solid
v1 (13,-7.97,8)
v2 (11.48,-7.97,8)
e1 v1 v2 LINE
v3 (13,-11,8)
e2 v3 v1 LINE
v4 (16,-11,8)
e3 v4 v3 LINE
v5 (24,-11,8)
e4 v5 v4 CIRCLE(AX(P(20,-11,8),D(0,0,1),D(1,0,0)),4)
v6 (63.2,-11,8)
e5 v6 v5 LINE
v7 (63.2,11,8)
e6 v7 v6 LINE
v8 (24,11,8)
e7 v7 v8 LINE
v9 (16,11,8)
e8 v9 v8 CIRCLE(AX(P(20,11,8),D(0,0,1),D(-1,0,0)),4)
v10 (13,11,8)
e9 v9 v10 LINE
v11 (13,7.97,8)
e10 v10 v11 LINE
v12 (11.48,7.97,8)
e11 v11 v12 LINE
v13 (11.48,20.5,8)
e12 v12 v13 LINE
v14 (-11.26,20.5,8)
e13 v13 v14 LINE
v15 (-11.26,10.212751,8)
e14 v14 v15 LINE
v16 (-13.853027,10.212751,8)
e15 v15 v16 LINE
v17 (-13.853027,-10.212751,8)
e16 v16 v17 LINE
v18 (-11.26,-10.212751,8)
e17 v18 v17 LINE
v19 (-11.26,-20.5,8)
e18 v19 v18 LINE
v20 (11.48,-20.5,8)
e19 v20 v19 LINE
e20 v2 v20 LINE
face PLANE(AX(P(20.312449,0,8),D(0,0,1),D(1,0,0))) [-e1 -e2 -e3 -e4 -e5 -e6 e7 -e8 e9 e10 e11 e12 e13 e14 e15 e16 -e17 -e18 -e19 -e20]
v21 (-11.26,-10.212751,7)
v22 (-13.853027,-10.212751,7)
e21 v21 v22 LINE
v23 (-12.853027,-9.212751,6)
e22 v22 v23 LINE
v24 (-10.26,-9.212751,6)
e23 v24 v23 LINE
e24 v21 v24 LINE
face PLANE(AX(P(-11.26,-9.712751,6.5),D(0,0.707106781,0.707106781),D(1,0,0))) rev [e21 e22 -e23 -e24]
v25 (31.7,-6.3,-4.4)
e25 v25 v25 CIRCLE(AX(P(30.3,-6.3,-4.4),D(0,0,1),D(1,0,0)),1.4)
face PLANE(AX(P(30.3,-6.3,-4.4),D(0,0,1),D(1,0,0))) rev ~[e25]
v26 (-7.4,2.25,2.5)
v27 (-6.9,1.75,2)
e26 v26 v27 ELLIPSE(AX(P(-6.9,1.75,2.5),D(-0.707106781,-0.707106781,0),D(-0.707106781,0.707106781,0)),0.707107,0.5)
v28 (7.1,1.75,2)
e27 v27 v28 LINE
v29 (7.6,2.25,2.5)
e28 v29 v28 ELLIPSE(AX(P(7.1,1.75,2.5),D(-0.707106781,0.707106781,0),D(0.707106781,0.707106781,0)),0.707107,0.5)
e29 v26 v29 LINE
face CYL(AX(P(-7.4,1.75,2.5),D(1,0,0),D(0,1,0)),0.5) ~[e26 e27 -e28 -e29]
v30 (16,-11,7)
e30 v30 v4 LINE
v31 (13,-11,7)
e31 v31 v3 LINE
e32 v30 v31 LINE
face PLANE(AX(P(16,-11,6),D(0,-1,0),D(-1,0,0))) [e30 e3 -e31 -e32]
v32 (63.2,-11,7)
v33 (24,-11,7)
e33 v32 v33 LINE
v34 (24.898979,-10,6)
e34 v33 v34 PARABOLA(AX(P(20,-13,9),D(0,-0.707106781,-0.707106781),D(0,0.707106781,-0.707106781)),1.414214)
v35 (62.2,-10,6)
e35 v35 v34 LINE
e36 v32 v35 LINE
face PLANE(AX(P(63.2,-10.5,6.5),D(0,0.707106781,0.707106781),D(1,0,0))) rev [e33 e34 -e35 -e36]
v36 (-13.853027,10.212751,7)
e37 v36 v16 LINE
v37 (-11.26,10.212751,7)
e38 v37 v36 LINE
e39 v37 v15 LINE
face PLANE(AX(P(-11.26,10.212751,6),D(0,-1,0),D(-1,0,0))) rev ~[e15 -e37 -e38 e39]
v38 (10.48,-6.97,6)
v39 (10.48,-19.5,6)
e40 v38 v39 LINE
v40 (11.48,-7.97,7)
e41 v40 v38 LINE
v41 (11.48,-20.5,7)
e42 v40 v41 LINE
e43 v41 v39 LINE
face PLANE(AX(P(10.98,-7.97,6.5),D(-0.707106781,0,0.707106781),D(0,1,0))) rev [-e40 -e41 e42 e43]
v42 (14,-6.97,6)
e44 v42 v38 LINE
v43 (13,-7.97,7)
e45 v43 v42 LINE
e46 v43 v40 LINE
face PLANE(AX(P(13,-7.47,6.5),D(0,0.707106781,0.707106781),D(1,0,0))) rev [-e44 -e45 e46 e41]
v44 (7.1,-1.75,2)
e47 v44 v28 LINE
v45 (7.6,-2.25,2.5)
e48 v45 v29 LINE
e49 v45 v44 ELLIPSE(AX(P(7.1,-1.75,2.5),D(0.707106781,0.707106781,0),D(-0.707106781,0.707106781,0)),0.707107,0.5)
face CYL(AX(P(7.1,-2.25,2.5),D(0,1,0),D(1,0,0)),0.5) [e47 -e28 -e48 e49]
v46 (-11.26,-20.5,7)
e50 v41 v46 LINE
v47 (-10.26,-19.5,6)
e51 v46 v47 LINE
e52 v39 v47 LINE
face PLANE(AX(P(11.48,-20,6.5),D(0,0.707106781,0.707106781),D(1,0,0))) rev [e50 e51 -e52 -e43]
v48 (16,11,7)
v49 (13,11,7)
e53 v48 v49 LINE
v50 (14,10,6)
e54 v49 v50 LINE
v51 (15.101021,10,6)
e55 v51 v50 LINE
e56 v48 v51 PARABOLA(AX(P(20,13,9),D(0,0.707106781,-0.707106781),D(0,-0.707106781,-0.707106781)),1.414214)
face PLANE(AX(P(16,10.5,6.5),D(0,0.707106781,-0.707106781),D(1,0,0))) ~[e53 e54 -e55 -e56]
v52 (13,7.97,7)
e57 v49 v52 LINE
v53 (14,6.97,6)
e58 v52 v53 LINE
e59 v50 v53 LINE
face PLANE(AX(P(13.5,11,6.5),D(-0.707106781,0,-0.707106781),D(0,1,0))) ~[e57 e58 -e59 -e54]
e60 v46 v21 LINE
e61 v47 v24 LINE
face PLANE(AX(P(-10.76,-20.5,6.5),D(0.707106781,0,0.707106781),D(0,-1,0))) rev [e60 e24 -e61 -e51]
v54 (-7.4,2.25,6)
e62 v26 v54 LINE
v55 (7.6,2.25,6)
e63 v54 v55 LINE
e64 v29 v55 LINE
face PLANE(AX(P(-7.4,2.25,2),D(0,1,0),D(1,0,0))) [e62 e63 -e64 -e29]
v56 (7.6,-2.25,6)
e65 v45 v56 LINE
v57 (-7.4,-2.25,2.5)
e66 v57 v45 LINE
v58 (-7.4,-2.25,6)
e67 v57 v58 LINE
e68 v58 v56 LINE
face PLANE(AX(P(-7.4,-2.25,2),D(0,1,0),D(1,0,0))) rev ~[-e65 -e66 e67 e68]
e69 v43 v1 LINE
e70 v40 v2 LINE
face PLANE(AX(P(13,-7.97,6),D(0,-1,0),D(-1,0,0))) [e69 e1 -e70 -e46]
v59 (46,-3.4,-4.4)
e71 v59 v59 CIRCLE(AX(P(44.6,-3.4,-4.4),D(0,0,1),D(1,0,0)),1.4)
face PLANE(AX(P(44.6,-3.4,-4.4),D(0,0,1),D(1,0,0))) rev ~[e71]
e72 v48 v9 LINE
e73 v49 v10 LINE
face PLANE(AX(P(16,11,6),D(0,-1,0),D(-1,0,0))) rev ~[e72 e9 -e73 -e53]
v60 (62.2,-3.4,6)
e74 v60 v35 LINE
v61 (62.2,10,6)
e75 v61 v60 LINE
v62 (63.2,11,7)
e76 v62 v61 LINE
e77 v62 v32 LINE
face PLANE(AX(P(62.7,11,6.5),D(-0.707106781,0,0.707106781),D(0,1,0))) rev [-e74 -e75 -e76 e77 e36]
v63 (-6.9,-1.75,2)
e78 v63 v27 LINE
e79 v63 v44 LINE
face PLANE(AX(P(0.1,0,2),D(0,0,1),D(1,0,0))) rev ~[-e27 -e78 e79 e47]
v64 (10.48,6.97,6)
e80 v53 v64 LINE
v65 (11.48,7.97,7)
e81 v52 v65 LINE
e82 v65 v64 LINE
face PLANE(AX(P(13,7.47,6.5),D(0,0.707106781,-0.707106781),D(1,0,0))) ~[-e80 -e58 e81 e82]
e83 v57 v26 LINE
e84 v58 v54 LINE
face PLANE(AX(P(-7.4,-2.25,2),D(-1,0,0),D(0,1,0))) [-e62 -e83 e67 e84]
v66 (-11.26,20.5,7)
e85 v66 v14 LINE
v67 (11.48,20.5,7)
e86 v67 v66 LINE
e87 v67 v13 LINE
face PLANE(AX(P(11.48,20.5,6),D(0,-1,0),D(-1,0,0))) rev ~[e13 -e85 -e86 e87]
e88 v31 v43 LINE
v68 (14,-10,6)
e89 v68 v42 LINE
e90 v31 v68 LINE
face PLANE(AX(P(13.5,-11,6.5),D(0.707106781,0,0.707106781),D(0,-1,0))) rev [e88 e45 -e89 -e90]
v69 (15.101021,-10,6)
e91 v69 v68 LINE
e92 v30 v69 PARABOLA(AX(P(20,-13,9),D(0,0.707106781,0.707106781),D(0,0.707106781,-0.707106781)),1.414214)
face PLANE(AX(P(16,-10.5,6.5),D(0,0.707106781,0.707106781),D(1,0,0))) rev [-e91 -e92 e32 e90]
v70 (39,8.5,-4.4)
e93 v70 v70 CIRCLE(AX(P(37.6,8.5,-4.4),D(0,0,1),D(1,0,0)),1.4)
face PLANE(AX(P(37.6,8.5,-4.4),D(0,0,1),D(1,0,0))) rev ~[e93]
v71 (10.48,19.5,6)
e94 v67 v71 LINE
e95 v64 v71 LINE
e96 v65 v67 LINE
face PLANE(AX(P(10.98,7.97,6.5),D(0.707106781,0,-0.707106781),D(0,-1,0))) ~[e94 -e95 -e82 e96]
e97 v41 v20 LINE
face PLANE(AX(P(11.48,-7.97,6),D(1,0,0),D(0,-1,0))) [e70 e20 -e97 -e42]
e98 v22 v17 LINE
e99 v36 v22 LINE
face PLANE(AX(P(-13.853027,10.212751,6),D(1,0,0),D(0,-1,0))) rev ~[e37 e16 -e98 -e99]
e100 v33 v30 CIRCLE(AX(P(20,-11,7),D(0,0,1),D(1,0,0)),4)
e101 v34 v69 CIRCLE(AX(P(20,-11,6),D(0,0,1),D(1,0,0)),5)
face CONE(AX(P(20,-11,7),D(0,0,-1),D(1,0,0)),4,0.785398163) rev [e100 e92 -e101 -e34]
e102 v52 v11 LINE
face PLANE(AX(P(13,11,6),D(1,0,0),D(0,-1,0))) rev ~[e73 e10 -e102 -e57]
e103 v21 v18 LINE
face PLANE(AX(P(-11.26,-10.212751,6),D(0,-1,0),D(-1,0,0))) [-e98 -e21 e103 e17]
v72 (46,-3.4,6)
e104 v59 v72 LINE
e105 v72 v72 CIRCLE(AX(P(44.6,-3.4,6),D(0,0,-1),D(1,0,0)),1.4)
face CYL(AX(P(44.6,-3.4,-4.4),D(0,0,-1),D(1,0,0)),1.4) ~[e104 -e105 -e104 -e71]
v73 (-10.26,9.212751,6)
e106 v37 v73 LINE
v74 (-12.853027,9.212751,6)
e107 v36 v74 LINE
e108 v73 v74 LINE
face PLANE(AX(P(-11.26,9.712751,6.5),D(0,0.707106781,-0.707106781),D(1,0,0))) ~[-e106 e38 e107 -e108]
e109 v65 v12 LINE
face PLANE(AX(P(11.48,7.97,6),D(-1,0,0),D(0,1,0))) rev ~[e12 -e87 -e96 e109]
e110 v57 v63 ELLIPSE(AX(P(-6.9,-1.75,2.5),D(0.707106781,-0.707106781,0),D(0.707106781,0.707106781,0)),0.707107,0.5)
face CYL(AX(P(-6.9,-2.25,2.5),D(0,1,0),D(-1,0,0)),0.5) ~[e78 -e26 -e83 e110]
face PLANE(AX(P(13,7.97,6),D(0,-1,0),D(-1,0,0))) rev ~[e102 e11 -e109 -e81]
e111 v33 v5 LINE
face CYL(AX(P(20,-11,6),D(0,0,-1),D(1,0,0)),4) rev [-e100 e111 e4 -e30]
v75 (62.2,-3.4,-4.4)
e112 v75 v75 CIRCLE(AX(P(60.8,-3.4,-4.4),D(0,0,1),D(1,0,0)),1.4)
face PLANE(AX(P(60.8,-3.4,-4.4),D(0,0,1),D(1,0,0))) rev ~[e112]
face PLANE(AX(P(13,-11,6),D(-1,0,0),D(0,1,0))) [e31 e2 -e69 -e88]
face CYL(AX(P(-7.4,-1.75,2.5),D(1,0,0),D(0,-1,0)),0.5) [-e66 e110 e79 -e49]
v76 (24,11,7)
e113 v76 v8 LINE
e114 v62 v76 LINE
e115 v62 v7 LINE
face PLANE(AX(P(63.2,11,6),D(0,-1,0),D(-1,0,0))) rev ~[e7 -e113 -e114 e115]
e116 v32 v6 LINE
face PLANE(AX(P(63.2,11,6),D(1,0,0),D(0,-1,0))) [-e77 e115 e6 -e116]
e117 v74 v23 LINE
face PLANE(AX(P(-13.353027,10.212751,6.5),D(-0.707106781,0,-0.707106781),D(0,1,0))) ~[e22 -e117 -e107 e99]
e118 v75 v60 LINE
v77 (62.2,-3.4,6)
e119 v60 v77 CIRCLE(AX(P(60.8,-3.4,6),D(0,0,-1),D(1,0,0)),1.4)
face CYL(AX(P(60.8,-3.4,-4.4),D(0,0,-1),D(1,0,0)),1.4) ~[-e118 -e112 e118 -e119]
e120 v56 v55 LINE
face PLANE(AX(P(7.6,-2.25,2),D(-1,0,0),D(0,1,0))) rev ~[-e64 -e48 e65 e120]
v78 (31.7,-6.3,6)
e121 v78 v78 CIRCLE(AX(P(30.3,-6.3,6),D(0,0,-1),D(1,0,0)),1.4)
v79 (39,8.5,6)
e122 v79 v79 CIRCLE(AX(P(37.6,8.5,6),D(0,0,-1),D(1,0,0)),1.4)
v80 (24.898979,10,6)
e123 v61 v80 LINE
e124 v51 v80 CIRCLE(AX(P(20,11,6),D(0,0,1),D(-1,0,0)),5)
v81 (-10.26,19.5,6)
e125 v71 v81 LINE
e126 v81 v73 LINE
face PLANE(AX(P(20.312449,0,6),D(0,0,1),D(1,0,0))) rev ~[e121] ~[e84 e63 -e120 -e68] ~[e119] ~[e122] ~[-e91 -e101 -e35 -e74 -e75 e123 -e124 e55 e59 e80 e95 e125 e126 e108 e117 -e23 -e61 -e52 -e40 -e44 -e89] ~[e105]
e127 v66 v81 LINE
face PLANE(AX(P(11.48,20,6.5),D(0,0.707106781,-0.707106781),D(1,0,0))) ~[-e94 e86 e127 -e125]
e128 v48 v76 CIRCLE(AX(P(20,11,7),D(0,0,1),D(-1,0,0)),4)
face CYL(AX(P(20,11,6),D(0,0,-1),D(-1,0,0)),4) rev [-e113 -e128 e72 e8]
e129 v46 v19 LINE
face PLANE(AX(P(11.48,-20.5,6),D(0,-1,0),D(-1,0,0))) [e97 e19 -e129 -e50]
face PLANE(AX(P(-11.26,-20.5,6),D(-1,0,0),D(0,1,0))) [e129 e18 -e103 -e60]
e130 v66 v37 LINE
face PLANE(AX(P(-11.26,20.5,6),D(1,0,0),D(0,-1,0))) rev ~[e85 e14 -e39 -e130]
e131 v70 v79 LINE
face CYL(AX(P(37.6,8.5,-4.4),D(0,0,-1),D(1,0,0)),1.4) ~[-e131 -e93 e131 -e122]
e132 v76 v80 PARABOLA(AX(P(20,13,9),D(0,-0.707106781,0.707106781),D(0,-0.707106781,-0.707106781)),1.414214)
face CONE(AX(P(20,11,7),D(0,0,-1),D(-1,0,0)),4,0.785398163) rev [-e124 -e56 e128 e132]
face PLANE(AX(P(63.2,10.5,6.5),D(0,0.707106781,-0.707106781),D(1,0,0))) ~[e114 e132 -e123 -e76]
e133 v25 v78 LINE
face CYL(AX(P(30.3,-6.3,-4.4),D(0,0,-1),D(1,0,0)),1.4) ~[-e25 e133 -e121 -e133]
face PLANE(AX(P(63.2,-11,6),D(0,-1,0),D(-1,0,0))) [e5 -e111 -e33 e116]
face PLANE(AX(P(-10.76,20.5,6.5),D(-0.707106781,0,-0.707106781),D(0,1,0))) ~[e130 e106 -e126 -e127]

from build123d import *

# Parameters (mm, degrees)
CYLINDER044_R     = 1.4
CYLINDER044_DEPTH = 11
CYLINDER046_R     = 1.4
CYLINDER046_DEPTH = 11
CYLINDER047_R     = 1.4
CYLINDER047_DEPTH = 11
BOX059_W          = 15
BOX059_H          = 4.5
BOX059_DEPTH      = 4
FILLET009_R       = 0.5
PAD025_DEPTH      = 2
CHAMFER007_SIZE   = 1
CYLINDER045_R     = 1.4
CYLINDER045_DEPTH = 11


with BuildPart() as cylinder044:
    # Cylinder044 → Cylinder044 (new body)
    with BuildSketch(Plane(origin=(44.6, -3.4, -4.4), x_dir=(1, 0, 0), z_dir=(0, 0, 1))):
        Circle(CYLINDER044_R)
    extrude(amount=CYLINDER044_DEPTH)


with BuildPart() as cylinder046:
    # Cylinder046 → Cylinder046 (new body)
    with BuildSketch(Plane(origin=(30.3, -6.3, -4.4), x_dir=(1, 0, 0), z_dir=(0, 0, 1))):
        Circle(CYLINDER046_R)
    extrude(amount=CYLINDER046_DEPTH)


with BuildPart() as cylinder047:
    # Cylinder047 → Cylinder047 (new body)
    with BuildSketch(Plane(origin=(37.6, 8.5, -4.4), x_dir=(1, 0, 0), z_dir=(0, 0, 1))):
        Circle(CYLINDER047_R)
    extrude(amount=CYLINDER047_DEPTH)


with BuildPart() as fillet009:
    # Box059 → Box059 (new body)
    with BuildSketch(Plane(origin=(-7.4, -2.25, 2), x_dir=(1, 0, 0), z_dir=(0, 0, 1))):
        with Locations((7.5, 2.25)):
            Rectangle(BOX059_W, BOX059_H)
    extrude(amount=BOX059_DEPTH)

    # Fillet009
    fillet009_edges = [fillet009.edges().sort_by_distance(p)[0] for p in [
        (-7.4, 0, 2),
        (7.6, 0, 2),
        (0.1, -2.25, 2),
        (0.1, 2.25, 2),
    ]]
    fillet(fillet009_edges, radius=FILLET009_R)


with BuildPart() as chamfer007:
    # Sketch030 → Pad025 (new body)
    with BuildSketch(Plane.XY):
        with BuildLine():
            Line((-11.26, 20.5), (-11.26, 10.212751))
            Line((-11.26, 10.212751), (-13.853027, 10.212751))
            Line((-13.853027, 10.212751), (-13.853027, -10.212751))
            Line((-11.26, -10.212751), (-13.853027, -10.212751))
            Line((-11.26, -20.5), (-11.26, -10.212751))
            Line((11.48, -20.5), (-11.26, -20.5))
            Line((11.48, -7.97), (11.48, -20.5))
            Line((13, -7.97), (11.48, -7.97))
            Line((13, -11), (13, -7.97))
            Line((16, -11), (13, -11))
            ThreePointArc((24, -11), (20, -7), (16, -11))
            Line((63.2, -11), (24, -11))
            Line((63.2, 11), (63.2, -11))
            Line((63.2, 11), (24, 11))
            ThreePointArc((16, 11), (20, 7), (24, 11))
            Line((16, 11), (13, 11))
            Line((13, 11), (13, 7.97))
            Line((13, 7.97), (11.48, 7.97))
            Line((11.48, 7.97), (11.48, 20.5))
            Line((11.48, 20.5), (-11.26, 20.5))
        make_face()
    extrude(amount=PAD025_DEPTH)

    # Chamfer007
    chamfer007_edges = [chamfer007.edges().sort_by_distance(p)[0] for p in [
        (14.5, 11, 0),
        (13, 9.485, 0),
        (12.24, 7.97, 0),
        (11.48, 14.235, 0),
        (0.11, 20.5, 0),
        (-11.26, 15.356376, 0),
        (-12.556514, 10.212751, 0),
        (-13.853027, 0, 0),
        (-12.556514, -10.212751, 0),
        (-11.26, -15.356376, 0),
        (0.11, -20.5, 0),
        (11.48, -14.235, 0),
        (12.24, -7.97, 0),
        (13, -9.485, 0),
        (14.5, -11, 0),
        (20, -7, 0),
        (43.6, -11, 0),
        (63.2, 0, 0),
        (43.6, 11, 0),
        (20, 7, 0),
    ]]
    chamfer(chamfer007_edges, length=CHAMFER007_SIZE)


with BuildPart() as chamfer007_1:
    # Chamfer007 placement: moved
    add(chamfer007.part.moved(Location((0, 0, 6))))


with BuildPart() as f_04_pcbcoverbig:
    # Cylinder045 → Cylinder045 (new body)
    with BuildSketch(Plane(origin=(60.8, -3.4, -4.4), x_dir=(1, 0, 0), z_dir=(0, 0, 1))):
        Circle(CYLINDER045_R)
    extrude(amount=CYLINDER045_DEPTH)

    # Fusion047: union Cylinder044, Cylinder046, Cylinder047, Fillet009, Chamfer007
    add(cylinder044.part)
    add(cylinder046.part)
    add(cylinder047.part)
    add(fillet009.part)
    add(chamfer007_1.part)


solid = f_04_pcbcoverbig.part
